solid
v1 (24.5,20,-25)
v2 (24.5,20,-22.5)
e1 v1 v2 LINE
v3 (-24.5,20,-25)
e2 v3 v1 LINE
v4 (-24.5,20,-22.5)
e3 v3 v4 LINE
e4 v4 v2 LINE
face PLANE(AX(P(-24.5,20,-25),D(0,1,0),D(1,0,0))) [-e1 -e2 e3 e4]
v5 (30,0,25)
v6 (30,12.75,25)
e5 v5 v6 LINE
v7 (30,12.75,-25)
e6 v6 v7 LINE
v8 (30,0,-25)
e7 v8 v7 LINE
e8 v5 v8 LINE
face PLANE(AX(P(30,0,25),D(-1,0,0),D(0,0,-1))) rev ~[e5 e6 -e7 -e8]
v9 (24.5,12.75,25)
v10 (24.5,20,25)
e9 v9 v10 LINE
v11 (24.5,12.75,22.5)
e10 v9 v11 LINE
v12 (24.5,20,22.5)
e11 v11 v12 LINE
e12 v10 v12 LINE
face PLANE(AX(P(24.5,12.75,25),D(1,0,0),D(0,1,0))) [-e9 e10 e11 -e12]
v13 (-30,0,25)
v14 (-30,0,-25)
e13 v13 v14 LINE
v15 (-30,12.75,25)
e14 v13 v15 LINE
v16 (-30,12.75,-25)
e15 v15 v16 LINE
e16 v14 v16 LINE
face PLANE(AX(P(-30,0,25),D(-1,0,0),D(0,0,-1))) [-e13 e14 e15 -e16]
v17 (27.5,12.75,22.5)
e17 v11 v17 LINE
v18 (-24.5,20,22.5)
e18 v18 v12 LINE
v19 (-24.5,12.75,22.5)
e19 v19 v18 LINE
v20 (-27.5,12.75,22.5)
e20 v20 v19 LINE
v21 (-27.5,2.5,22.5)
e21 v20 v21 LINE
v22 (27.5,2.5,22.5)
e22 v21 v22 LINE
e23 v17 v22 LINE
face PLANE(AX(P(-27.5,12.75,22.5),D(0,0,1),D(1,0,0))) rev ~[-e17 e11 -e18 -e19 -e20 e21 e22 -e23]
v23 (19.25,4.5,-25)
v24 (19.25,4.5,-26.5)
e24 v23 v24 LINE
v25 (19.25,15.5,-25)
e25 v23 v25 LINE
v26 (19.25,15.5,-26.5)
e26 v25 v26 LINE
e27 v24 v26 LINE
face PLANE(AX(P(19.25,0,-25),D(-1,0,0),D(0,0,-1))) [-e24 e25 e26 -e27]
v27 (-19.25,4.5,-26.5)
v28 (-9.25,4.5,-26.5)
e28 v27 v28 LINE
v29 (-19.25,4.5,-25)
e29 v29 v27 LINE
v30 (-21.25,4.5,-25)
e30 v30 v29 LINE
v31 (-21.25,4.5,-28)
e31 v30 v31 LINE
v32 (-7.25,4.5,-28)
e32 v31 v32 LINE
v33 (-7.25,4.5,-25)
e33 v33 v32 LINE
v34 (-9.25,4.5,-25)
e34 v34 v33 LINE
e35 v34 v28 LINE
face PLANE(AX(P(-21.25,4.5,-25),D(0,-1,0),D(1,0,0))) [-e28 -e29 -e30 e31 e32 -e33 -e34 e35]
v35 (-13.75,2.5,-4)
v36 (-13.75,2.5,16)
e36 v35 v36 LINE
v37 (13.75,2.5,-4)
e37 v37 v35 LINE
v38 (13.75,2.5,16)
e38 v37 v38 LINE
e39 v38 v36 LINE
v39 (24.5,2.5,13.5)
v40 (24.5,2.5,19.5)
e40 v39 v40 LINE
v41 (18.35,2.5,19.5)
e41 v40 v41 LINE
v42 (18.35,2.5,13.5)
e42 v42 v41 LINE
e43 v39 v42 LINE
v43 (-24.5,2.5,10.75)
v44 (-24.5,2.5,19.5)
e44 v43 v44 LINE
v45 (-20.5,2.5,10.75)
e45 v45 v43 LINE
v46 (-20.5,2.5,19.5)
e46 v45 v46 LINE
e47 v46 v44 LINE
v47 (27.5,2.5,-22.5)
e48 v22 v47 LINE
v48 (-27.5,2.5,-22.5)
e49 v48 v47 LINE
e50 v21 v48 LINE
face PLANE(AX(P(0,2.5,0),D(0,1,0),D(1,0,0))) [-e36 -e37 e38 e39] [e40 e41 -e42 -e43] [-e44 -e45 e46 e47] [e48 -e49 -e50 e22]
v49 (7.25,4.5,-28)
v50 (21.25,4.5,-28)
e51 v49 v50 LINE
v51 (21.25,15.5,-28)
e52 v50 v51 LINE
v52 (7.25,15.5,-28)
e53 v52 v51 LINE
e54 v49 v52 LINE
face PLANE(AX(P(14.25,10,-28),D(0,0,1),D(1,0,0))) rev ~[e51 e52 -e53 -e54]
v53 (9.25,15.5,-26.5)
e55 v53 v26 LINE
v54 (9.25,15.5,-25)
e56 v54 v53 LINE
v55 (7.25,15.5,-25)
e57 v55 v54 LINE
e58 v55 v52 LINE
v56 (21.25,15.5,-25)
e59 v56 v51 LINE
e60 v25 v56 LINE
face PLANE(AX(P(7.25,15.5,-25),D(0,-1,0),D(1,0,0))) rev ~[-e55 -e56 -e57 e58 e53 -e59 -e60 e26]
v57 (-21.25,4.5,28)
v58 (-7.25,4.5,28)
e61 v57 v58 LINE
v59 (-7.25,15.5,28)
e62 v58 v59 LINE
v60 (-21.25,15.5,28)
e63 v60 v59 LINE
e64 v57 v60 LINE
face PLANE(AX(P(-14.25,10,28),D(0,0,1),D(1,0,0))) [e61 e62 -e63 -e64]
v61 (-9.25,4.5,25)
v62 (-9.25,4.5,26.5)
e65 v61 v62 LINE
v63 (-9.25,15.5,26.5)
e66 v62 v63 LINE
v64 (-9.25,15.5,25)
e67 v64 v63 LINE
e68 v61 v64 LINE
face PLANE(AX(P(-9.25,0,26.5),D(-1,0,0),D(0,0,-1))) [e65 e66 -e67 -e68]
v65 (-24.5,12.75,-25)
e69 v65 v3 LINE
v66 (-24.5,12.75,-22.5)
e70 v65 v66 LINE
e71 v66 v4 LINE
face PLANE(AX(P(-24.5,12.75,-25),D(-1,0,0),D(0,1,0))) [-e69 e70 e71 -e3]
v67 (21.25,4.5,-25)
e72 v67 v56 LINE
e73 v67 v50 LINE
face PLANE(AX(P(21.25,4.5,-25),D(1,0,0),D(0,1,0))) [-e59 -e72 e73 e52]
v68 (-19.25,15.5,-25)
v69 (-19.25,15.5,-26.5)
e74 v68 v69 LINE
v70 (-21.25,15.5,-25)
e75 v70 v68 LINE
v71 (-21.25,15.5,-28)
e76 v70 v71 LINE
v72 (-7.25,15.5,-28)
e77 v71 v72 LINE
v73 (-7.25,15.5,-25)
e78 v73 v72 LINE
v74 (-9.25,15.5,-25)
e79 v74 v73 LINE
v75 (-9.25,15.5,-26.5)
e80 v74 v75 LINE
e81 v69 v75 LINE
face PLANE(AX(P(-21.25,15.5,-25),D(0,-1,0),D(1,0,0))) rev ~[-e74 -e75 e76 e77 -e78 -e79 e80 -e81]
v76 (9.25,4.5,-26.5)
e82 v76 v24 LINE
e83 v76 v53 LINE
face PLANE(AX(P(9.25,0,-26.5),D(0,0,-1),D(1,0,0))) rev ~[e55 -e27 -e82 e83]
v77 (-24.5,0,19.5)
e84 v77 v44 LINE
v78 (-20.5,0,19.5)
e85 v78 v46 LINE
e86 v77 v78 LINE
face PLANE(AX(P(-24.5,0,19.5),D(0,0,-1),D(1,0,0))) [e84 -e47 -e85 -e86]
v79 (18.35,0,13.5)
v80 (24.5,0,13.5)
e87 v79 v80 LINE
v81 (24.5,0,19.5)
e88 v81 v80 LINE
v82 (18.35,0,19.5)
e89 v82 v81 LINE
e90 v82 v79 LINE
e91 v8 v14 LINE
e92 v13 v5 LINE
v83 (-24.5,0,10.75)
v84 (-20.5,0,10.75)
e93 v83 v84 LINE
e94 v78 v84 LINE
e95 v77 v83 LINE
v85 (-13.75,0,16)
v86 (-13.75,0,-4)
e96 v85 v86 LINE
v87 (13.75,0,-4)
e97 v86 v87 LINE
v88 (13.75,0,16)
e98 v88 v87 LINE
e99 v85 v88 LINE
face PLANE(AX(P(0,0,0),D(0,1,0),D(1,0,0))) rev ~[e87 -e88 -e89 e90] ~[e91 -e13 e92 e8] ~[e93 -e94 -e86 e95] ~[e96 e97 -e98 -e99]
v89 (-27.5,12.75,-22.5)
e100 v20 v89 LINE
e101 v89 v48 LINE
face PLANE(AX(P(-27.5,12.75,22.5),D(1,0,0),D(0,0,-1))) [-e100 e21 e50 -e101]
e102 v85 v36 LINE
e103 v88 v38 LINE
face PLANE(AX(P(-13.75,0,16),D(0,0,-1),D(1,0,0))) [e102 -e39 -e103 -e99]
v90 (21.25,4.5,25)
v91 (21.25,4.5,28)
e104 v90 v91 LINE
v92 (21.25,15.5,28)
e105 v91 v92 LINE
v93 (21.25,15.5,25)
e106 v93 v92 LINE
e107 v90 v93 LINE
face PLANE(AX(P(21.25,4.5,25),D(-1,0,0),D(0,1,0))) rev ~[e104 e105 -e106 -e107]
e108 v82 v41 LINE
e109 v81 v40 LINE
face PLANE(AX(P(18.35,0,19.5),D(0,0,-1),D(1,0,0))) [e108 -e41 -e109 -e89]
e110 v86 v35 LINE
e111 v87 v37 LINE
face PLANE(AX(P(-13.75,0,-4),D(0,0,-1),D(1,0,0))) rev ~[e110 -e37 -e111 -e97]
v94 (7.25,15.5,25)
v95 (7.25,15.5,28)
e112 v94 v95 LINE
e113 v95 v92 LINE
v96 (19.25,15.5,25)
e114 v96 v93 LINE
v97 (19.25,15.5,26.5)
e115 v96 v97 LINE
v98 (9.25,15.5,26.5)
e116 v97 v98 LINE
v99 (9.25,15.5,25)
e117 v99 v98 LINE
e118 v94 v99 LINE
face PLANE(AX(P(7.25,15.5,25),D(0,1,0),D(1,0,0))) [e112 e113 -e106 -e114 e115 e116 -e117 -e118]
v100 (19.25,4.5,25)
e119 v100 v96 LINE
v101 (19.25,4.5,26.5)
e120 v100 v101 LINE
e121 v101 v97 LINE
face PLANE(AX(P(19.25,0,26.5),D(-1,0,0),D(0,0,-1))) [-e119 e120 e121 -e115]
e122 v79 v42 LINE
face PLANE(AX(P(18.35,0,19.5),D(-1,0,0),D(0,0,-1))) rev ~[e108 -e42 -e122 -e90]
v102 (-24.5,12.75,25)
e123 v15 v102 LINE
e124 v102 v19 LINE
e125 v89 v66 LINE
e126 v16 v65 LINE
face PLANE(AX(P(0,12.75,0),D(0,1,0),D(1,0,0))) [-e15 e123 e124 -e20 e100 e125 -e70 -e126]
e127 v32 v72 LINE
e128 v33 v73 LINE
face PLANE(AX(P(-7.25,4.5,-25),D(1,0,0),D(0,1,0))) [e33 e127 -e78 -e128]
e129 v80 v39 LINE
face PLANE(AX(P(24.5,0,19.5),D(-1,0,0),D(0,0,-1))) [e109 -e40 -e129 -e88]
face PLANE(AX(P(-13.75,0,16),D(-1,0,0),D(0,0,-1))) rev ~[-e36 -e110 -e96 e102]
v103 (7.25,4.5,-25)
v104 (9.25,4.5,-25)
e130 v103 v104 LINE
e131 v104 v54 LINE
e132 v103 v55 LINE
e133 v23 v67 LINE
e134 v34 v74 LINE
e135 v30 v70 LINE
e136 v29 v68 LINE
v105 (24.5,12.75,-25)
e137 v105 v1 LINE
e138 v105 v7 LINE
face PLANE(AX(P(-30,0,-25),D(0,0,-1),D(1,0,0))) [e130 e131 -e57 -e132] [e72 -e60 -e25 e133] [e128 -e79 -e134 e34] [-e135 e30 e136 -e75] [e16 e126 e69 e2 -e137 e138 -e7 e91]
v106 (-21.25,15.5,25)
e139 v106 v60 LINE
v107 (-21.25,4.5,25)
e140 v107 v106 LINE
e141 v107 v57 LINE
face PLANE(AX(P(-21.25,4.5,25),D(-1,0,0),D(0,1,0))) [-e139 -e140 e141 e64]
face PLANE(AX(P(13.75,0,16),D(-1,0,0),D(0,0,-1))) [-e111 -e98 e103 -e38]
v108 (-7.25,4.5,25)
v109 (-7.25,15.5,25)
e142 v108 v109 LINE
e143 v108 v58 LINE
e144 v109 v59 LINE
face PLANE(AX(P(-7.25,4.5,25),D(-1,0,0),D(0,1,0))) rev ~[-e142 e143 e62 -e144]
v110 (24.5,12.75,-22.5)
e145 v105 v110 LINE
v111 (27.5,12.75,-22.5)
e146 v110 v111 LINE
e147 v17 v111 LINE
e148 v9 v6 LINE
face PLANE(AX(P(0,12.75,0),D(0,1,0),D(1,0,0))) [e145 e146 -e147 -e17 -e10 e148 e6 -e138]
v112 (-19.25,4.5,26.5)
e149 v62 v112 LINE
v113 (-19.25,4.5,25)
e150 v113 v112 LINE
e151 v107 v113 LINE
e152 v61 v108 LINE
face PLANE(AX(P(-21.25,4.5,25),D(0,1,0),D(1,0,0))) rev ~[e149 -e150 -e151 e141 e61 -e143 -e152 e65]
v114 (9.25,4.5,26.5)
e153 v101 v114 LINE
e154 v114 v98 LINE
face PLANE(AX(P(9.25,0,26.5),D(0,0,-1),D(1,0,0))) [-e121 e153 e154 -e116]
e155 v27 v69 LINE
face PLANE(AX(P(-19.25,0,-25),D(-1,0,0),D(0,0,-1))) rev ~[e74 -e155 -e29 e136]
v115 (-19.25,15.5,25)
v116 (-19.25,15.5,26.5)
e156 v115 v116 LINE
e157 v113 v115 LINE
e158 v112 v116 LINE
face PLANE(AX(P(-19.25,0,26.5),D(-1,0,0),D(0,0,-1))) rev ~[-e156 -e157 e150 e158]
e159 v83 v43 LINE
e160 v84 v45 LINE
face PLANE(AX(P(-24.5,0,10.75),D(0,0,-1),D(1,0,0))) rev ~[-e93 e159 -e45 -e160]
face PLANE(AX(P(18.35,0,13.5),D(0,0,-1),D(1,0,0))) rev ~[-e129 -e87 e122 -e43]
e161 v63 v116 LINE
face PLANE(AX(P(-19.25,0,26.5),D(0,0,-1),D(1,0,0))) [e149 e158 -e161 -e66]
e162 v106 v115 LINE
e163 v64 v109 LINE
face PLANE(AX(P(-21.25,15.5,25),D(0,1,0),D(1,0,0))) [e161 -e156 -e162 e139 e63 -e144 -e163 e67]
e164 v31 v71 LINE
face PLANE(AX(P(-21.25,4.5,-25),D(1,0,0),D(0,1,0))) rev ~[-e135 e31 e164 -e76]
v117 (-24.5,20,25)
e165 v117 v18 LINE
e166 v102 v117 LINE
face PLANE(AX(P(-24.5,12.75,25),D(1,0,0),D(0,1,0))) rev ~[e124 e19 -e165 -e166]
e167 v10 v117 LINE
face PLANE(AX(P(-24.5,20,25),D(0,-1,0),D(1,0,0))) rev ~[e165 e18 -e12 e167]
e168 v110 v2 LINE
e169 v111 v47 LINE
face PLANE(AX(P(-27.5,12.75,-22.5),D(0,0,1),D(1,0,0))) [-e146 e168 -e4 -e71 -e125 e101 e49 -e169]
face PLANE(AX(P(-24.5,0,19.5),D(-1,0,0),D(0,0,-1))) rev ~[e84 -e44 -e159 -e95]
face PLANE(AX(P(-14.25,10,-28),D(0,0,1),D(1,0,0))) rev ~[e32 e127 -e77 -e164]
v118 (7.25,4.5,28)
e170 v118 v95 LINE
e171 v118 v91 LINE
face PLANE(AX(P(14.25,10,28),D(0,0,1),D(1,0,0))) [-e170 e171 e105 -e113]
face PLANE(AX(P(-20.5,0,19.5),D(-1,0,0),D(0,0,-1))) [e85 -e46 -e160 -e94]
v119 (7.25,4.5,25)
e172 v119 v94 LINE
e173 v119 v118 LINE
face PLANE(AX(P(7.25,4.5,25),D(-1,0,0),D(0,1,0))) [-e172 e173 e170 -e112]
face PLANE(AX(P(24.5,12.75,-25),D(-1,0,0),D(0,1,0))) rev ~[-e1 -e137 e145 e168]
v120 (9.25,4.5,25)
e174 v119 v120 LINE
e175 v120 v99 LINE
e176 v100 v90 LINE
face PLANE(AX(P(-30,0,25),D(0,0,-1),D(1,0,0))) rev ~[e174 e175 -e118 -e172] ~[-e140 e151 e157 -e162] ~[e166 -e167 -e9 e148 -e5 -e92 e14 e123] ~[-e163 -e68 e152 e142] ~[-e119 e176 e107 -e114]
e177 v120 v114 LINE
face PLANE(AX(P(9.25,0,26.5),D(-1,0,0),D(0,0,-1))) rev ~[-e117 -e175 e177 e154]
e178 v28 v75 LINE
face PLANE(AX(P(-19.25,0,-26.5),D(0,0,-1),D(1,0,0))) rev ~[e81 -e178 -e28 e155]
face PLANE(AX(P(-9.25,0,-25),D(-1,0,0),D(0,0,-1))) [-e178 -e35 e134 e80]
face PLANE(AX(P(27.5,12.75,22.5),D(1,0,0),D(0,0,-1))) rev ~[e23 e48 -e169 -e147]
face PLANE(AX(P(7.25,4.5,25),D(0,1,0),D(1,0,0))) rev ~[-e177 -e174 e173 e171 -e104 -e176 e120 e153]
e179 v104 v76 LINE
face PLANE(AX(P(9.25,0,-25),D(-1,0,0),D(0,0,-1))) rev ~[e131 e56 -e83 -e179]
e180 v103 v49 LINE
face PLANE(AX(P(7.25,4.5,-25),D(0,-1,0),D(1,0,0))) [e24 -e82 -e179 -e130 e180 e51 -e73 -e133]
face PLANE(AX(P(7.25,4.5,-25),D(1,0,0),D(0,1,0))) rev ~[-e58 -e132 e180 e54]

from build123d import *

# Parameters (mm, degrees)
CROQUIS1_W              = 60
CROQUIS1_H              = 50
SALIENTE_EXTRUIR1_DEPTH = 12.75
CORTAR_EXTRUIR2_START   = 12.75
CROQUIS2_W              = 55
CROQUIS2_H              = 45
CORTAR_EXTRUIR2_DEPTH   = 10.25
SALIENTE_EXTRUIR2_START = 25
CROQUIS4_W              = 49
CROQUIS4_H              = 7.25
SALIENTE_EXTRUIR2_DEPTH = 2.5
SALIENTE_EXTRUIR3_START = -25
CROQUIS4_2_W            = 49
CROQUIS4_2_H            = 7.25
SALIENTE_EXTRUIR3_DEPTH = 2.5
CROQUIS5_W              = 27.5
CROQUIS5_H              = 20
CORTAR_EXTRUIR3_DEPTH   = 10
SALIENTE_EXTRUIR5_START = 25
CROQUIS6_W              = 14
CROQUIS6_H              = 11
SALIENTE_EXTRUIR5_DEPTH = 3
SALIENTE_EXTRUIR6_START = -25
CROQUIS6_2_W            = 14
CROQUIS6_2_H            = 11
SALIENTE_EXTRUIR6_DEPTH = 3
CROQUIS8_W              = 10
CROQUIS8_H              = 1.5
CORTAR_EXTRUIR5_DEPTH   = 43.5
CROQUIS9_W              = 4
CROQUIS9_H              = 8.75
CROQUIS9_W_2            = 6.15
CROQUIS9_H_2            = 6
CORTAR_EXTRUIR6_DEPTH   = 43.5


with BuildPart() as part:
    # Croquis1 → Saliente-Extruir1 (new body)
    with BuildSketch(Plane(origin=(0, 0, 0), x_dir=(1, 0, 0), z_dir=(0, 1, 0))):
        Rectangle(CROQUIS1_W, CROQUIS1_H)
    extrude(amount=SALIENTE_EXTRUIR1_DEPTH)

    # Croquis2 → Cortar-Extruir2 (cut)
    with BuildSketch(Plane(origin=(0, 0, 0), x_dir=(1, 0, 0), z_dir=(0, 1, 0)).offset(CORTAR_EXTRUIR2_START)):
        Rectangle(CROQUIS2_W, CROQUIS2_H)
    extrude(amount=-CORTAR_EXTRUIR2_DEPTH, mode=Mode.SUBTRACT)

    # Croquis4 → Saliente-Extruir2 (add)
    with BuildSketch(Plane.XY.offset(SALIENTE_EXTRUIR2_START)):
        with Locations((0, 16.375)):
            Rectangle(CROQUIS4_W, CROQUIS4_H)
    extrude(amount=-SALIENTE_EXTRUIR2_DEPTH)

    # Croquis4<2> → Saliente-Extruir3 (add)
    with BuildSketch(Plane.XY.offset(SALIENTE_EXTRUIR3_START)):
        with Locations((0, 16.375)):
            Rectangle(CROQUIS4_2_W, CROQUIS4_2_H)
    extrude(amount=SALIENTE_EXTRUIR3_DEPTH)

    # Croquis5 → Cortar-Extruir3 (cut)
    with BuildSketch(Plane(origin=(0, 0, 0), x_dir=(1, 0, 0), z_dir=(0, 1, 0))):
        with Locations((0, -6)):
            Rectangle(CROQUIS5_W, CROQUIS5_H)
    extrude(amount=CORTAR_EXTRUIR3_DEPTH, mode=Mode.SUBTRACT)

    # Croquis6 → Saliente-Extruir5 (add)
    with BuildSketch(Plane.XY.offset(SALIENTE_EXTRUIR5_START)):
        with Locations((-14.25, 10)):
            Rectangle(CROQUIS6_W, CROQUIS6_H)
        with Locations((14.25, 10)):
            Rectangle(CROQUIS6_W, CROQUIS6_H)
    extrude(amount=SALIENTE_EXTRUIR5_DEPTH)

    # Croquis6<2> → Saliente-Extruir6 (add)
    with BuildSketch(Plane.XY.offset(SALIENTE_EXTRUIR6_START)):
        with Locations((-14.25, 10)):
            Rectangle(CROQUIS6_2_W, CROQUIS6_2_H)
        with Locations((14.25, 10)):
            Rectangle(CROQUIS6_2_W, CROQUIS6_2_H)
    extrude(amount=-SALIENTE_EXTRUIR6_DEPTH)

    # Croquis8 → Cortar-Extruir5 (cut)
    with BuildSketch(Plane(origin=(0, 0, 0), x_dir=(1, 0, 0), z_dir=(0, 1, 0))):
        with Locations((-14.25, 25.75)):
            Rectangle(CROQUIS8_W, CROQUIS8_H)
        with Locations((14.25, 25.75)):
            Rectangle(CROQUIS8_W, CROQUIS8_H)
        with Locations((14.25, -25.75)):
            Rectangle(CROQUIS8_W, CROQUIS8_H)
        with Locations((-14.25, -25.75)):
            Rectangle(CROQUIS8_W, CROQUIS8_H)
    extrude(amount=CORTAR_EXTRUIR5_DEPTH, mode=Mode.SUBTRACT)

    # Croquis9 → Cortar-Extruir6 (cut)
    with BuildSketch(Plane(origin=(0, 0, 0), x_dir=(1, 0, 0), z_dir=(0, 1, 0))):
        with Locations((-22.5, -15.125)):
            Rectangle(CROQUIS9_W, CROQUIS9_H)
        with Locations((21.425, -16.5)):
            Rectangle(CROQUIS9_W_2, CROQUIS9_H_2)
    extrude(amount=CORTAR_EXTRUIR6_DEPTH, mode=Mode.SUBTRACT)


solid = part.part
